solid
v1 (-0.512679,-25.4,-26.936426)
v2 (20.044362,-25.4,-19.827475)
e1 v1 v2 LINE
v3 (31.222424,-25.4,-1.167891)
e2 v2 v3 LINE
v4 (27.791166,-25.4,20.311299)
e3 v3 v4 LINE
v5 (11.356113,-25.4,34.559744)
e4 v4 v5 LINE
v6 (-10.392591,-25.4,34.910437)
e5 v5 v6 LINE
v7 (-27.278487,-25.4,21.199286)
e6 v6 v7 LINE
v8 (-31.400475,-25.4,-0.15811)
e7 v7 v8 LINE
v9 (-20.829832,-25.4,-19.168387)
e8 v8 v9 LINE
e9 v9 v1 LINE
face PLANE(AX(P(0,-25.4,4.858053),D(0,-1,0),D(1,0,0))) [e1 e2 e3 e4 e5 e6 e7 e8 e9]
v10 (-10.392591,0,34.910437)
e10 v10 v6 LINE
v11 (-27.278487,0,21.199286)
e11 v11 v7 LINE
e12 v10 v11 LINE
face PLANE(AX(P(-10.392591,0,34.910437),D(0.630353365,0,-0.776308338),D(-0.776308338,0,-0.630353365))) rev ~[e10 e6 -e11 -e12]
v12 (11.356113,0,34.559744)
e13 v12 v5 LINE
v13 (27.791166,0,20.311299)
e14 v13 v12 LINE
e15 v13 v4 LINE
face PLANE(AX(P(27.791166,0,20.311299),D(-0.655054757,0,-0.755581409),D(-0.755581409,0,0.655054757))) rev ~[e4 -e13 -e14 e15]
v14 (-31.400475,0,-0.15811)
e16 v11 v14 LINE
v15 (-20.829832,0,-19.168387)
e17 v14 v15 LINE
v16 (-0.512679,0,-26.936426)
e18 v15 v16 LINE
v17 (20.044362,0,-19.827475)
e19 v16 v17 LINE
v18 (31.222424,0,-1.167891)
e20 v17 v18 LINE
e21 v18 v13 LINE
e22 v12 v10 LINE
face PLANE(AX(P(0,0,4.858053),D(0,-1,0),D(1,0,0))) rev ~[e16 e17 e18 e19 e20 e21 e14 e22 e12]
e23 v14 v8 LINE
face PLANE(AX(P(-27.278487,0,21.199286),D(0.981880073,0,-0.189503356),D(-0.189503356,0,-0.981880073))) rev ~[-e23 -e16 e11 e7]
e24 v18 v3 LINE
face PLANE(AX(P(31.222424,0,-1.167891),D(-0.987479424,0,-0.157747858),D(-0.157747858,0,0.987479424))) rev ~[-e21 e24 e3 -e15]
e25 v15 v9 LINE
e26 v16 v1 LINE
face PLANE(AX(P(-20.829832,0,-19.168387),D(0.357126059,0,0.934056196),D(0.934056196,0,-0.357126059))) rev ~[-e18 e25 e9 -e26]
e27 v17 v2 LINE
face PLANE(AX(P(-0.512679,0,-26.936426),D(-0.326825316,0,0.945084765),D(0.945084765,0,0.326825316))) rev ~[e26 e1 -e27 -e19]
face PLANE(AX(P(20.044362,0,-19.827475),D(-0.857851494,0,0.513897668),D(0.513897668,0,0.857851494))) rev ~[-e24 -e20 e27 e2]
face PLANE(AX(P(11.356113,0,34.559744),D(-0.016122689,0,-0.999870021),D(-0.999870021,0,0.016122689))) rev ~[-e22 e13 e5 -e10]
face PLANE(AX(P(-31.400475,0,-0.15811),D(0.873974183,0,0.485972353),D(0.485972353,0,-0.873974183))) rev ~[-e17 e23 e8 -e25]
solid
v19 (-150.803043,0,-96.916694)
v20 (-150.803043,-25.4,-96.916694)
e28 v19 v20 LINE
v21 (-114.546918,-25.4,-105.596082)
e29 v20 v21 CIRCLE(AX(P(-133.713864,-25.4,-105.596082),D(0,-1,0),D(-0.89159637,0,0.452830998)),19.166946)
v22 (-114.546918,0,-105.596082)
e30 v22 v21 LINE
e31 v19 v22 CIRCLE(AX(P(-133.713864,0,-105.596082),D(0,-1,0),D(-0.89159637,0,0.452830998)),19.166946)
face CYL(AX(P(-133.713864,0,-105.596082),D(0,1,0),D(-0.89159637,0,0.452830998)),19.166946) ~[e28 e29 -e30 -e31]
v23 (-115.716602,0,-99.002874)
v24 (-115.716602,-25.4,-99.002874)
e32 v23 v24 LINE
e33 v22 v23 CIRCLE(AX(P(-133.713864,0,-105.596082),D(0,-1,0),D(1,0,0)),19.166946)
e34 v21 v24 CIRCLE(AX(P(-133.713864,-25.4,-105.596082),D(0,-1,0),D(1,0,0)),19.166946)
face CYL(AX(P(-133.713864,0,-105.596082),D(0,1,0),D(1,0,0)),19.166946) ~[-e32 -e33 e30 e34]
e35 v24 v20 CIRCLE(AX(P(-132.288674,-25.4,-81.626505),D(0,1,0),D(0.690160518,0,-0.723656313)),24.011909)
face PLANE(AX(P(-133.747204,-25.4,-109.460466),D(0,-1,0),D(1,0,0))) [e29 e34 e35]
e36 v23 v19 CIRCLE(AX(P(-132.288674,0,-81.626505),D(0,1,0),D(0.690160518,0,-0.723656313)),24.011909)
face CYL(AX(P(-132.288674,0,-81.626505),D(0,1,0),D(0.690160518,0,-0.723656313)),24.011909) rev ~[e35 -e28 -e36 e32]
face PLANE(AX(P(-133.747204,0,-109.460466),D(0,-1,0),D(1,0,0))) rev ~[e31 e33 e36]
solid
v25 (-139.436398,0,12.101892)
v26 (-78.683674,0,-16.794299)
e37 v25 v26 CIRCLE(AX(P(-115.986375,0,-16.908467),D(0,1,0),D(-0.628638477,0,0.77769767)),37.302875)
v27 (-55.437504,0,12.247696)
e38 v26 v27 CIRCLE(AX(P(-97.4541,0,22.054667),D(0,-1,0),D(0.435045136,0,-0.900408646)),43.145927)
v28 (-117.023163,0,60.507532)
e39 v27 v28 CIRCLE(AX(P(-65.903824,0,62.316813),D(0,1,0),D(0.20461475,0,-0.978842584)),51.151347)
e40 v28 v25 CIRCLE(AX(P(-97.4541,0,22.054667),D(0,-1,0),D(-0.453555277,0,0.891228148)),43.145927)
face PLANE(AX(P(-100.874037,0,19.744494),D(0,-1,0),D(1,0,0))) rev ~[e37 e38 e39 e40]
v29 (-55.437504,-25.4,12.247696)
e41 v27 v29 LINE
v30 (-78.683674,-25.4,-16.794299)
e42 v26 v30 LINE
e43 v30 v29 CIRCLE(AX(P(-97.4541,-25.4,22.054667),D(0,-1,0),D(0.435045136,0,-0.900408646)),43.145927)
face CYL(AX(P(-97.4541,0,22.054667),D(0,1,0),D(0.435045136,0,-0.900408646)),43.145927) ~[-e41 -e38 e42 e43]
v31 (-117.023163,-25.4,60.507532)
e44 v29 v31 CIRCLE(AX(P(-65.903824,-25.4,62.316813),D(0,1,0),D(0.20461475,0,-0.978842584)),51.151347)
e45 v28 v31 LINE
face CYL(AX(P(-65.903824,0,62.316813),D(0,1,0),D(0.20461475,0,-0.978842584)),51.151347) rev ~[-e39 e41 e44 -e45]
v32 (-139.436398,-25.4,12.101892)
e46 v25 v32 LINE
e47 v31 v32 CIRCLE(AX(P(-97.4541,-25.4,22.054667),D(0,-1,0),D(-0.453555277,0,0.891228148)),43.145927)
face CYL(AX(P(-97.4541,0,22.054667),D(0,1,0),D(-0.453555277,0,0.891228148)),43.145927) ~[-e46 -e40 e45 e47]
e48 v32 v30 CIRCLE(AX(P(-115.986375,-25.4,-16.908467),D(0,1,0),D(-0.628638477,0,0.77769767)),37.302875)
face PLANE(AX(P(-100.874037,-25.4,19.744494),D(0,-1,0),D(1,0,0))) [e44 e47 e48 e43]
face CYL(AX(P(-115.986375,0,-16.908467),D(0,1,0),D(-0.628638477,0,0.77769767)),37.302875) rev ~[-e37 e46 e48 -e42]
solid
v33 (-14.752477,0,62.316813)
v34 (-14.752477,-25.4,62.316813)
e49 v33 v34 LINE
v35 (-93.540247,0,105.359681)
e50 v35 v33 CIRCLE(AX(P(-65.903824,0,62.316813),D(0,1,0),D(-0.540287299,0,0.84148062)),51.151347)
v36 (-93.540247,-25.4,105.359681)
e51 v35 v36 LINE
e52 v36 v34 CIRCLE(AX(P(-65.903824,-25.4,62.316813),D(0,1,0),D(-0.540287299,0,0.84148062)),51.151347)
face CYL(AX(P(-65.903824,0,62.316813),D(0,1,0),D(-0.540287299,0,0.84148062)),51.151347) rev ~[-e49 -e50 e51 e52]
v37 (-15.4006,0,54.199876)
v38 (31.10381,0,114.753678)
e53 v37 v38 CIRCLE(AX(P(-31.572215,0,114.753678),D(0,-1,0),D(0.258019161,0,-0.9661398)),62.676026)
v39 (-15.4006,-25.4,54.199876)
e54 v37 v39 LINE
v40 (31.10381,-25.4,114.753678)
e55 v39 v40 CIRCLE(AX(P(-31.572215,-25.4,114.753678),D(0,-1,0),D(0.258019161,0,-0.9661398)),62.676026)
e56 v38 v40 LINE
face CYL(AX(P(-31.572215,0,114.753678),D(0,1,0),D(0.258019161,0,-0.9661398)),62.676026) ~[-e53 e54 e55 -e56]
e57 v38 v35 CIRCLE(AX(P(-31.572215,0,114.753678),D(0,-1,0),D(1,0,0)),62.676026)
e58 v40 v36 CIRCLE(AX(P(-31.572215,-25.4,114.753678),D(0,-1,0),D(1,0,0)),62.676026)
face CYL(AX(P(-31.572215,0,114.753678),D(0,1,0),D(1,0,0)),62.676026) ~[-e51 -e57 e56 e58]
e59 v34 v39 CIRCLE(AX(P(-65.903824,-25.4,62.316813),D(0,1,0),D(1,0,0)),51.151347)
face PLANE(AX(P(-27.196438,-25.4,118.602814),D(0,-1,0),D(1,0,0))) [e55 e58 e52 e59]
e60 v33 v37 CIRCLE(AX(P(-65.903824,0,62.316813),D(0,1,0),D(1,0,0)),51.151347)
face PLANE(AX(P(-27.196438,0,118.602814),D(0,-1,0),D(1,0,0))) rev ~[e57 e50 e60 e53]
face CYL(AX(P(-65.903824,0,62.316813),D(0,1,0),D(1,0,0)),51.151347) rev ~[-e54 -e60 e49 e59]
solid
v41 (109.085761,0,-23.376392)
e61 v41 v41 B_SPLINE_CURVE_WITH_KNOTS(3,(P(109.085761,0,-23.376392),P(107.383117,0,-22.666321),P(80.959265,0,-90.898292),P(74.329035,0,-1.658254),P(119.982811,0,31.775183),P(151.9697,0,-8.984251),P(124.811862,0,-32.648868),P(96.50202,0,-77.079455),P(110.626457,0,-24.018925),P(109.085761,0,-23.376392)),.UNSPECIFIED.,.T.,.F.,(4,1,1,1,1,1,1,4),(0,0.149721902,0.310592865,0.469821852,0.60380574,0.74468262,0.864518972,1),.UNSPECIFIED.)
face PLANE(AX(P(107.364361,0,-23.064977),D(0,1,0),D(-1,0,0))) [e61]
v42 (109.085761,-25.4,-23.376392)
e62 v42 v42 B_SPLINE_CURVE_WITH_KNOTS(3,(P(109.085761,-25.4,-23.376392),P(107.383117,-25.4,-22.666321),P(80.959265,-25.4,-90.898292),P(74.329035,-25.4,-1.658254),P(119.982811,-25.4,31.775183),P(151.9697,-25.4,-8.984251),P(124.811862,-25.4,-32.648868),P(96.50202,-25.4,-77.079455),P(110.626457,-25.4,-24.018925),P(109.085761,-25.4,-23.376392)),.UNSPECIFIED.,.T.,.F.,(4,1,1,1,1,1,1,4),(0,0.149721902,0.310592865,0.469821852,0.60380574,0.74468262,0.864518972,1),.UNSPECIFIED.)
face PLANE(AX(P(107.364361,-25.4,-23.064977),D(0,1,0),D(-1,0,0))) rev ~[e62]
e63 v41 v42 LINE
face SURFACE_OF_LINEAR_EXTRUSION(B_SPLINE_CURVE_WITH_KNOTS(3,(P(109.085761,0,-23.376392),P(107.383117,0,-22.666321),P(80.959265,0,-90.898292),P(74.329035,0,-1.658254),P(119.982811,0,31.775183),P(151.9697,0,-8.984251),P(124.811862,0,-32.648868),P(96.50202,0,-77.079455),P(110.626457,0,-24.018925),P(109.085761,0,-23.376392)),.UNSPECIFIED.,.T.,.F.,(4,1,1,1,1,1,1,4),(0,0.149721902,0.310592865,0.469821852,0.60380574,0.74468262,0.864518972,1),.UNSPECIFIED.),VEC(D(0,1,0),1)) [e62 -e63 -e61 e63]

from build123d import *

# Parameters (mm, degrees)
F1_DEPTH = 25.4


with BuildPart() as f1:
    # F0 (on Front) → F1 (new body)
    with BuildSketch(Plane.XZ):
        Polygon((-27.2784870087, 21.1992855009), (-31.4004752816, -0.1581101504), (-20.8298321929, -19.1683873977), (-0.5126791233, -26.9364262412), (20.0443622059, -19.8274749741), (31.2224236906, -1.1678909012), (27.791166132, 20.3112992114), (11.3561130757, 34.5597435955), (-10.3925914978, 34.91043677), align=None)
    extrude(amount=F1_DEPTH)


with BuildPart() as f1b:
    # F0 (on Front) → F1, piece 2 (new body)
    with BuildSketch(Plane.XZ):
        with BuildLine():
            ThreePointArc((-15.4005997044, 54.1998756606), (18.136218486, 76.5783487708), (31.1038103075, 114.753678441))
            ThreePointArc((31.1038103075, 114.753678441), (-36.2825349678, 177.2524549815), (-93.5402472489, 105.3596807761))
            ThreePointArc((-93.5402472489, 105.3596807761), (-41.3801614204, 107.2061250652), (-14.7524765995, 62.3168132947))
            ThreePointArc((-14.7524765995, 62.3168132947), (-14.9147648222, 58.2454271636), (-15.4005997044, 54.1998756606))
        make_face()
    extrude(amount=F1_DEPTH)


with BuildPart() as f1c:
    # F0 (on Front) → F1, piece 3 (new body)
    with BuildSketch(Plane.XZ):
        with BuildLine():
            ThreePointArc((-55.437503808, 12.247696292), (-97.4541001024, 22.0546671971), (-117.0231630947, 60.5075320591))
            ThreePointArc((-117.0231630947, 60.5075320591), (-136.6066094839, 40.1834302996), (-139.4363977033, 12.101892175))
            ThreePointArc((-139.4363977033, 12.101892175), (-99.9638397505, 16.7780714373), (-78.683674295, -16.7942987802))
            ThreePointArc((-78.683674295, -16.7942987802), (-63.7699067256, -4.9072718847), (-55.437503808, 12.247696292))
        make_face()
    extrude(amount=F1_DEPTH)


with BuildPart() as f1d:
    # F0 (on Front) → F1, piece 4 (new body)
    with BuildSketch(Plane.XZ):
        with BuildLine():
            ThreePointArc((-115.7166021924, -99.0028744646), (-133.713863925, -105.5960816011), (-150.8030431996, -96.9166944141))
            ThreePointArc((-150.8030431996, -96.9166944141), (-138.176174861, -124.2363496069), (-114.5469181532, -105.5960816011))
            ThreePointArc((-114.5469181532, -105.5960816011), (-114.8416045228, -102.24800226), (-115.7166021924, -99.0028744646))
        make_face()
    extrude(amount=F1_DEPTH)


with BuildPart() as f1e:
    # F0 (on Front) → F1, piece 5 (new body)
    with BuildSketch(Plane.XZ):
        with BuildLine():
            add(Edge.make_bspline(
                [(109.0857610106, -23.3763922006), (107.3831169675, -22.6663205804), (80.9592654586, -90.8982920661), (74.3290347611, -1.6582543779), (119.9828107466, 31.7751834093), (151.9696996502, -8.9842514185), (124.811862139, -32.6488679417), (96.5020202693, -77.0794551398), (110.6264572053, -24.0189249999), (109.0857610106, -23.3763922006)],
                knots=[0, 0, 0, 0, 0.1497219021, 0.3105928651, 0.4698218524, 0.6038057404, 0.7446826202, 0.8645189723, 1, 1, 1, 1], degree=3))
        make_face()
    extrude(amount=F1_DEPTH)


solid = Compound([f1.part, f1b.part, f1c.part, f1d.part, f1e.part])
